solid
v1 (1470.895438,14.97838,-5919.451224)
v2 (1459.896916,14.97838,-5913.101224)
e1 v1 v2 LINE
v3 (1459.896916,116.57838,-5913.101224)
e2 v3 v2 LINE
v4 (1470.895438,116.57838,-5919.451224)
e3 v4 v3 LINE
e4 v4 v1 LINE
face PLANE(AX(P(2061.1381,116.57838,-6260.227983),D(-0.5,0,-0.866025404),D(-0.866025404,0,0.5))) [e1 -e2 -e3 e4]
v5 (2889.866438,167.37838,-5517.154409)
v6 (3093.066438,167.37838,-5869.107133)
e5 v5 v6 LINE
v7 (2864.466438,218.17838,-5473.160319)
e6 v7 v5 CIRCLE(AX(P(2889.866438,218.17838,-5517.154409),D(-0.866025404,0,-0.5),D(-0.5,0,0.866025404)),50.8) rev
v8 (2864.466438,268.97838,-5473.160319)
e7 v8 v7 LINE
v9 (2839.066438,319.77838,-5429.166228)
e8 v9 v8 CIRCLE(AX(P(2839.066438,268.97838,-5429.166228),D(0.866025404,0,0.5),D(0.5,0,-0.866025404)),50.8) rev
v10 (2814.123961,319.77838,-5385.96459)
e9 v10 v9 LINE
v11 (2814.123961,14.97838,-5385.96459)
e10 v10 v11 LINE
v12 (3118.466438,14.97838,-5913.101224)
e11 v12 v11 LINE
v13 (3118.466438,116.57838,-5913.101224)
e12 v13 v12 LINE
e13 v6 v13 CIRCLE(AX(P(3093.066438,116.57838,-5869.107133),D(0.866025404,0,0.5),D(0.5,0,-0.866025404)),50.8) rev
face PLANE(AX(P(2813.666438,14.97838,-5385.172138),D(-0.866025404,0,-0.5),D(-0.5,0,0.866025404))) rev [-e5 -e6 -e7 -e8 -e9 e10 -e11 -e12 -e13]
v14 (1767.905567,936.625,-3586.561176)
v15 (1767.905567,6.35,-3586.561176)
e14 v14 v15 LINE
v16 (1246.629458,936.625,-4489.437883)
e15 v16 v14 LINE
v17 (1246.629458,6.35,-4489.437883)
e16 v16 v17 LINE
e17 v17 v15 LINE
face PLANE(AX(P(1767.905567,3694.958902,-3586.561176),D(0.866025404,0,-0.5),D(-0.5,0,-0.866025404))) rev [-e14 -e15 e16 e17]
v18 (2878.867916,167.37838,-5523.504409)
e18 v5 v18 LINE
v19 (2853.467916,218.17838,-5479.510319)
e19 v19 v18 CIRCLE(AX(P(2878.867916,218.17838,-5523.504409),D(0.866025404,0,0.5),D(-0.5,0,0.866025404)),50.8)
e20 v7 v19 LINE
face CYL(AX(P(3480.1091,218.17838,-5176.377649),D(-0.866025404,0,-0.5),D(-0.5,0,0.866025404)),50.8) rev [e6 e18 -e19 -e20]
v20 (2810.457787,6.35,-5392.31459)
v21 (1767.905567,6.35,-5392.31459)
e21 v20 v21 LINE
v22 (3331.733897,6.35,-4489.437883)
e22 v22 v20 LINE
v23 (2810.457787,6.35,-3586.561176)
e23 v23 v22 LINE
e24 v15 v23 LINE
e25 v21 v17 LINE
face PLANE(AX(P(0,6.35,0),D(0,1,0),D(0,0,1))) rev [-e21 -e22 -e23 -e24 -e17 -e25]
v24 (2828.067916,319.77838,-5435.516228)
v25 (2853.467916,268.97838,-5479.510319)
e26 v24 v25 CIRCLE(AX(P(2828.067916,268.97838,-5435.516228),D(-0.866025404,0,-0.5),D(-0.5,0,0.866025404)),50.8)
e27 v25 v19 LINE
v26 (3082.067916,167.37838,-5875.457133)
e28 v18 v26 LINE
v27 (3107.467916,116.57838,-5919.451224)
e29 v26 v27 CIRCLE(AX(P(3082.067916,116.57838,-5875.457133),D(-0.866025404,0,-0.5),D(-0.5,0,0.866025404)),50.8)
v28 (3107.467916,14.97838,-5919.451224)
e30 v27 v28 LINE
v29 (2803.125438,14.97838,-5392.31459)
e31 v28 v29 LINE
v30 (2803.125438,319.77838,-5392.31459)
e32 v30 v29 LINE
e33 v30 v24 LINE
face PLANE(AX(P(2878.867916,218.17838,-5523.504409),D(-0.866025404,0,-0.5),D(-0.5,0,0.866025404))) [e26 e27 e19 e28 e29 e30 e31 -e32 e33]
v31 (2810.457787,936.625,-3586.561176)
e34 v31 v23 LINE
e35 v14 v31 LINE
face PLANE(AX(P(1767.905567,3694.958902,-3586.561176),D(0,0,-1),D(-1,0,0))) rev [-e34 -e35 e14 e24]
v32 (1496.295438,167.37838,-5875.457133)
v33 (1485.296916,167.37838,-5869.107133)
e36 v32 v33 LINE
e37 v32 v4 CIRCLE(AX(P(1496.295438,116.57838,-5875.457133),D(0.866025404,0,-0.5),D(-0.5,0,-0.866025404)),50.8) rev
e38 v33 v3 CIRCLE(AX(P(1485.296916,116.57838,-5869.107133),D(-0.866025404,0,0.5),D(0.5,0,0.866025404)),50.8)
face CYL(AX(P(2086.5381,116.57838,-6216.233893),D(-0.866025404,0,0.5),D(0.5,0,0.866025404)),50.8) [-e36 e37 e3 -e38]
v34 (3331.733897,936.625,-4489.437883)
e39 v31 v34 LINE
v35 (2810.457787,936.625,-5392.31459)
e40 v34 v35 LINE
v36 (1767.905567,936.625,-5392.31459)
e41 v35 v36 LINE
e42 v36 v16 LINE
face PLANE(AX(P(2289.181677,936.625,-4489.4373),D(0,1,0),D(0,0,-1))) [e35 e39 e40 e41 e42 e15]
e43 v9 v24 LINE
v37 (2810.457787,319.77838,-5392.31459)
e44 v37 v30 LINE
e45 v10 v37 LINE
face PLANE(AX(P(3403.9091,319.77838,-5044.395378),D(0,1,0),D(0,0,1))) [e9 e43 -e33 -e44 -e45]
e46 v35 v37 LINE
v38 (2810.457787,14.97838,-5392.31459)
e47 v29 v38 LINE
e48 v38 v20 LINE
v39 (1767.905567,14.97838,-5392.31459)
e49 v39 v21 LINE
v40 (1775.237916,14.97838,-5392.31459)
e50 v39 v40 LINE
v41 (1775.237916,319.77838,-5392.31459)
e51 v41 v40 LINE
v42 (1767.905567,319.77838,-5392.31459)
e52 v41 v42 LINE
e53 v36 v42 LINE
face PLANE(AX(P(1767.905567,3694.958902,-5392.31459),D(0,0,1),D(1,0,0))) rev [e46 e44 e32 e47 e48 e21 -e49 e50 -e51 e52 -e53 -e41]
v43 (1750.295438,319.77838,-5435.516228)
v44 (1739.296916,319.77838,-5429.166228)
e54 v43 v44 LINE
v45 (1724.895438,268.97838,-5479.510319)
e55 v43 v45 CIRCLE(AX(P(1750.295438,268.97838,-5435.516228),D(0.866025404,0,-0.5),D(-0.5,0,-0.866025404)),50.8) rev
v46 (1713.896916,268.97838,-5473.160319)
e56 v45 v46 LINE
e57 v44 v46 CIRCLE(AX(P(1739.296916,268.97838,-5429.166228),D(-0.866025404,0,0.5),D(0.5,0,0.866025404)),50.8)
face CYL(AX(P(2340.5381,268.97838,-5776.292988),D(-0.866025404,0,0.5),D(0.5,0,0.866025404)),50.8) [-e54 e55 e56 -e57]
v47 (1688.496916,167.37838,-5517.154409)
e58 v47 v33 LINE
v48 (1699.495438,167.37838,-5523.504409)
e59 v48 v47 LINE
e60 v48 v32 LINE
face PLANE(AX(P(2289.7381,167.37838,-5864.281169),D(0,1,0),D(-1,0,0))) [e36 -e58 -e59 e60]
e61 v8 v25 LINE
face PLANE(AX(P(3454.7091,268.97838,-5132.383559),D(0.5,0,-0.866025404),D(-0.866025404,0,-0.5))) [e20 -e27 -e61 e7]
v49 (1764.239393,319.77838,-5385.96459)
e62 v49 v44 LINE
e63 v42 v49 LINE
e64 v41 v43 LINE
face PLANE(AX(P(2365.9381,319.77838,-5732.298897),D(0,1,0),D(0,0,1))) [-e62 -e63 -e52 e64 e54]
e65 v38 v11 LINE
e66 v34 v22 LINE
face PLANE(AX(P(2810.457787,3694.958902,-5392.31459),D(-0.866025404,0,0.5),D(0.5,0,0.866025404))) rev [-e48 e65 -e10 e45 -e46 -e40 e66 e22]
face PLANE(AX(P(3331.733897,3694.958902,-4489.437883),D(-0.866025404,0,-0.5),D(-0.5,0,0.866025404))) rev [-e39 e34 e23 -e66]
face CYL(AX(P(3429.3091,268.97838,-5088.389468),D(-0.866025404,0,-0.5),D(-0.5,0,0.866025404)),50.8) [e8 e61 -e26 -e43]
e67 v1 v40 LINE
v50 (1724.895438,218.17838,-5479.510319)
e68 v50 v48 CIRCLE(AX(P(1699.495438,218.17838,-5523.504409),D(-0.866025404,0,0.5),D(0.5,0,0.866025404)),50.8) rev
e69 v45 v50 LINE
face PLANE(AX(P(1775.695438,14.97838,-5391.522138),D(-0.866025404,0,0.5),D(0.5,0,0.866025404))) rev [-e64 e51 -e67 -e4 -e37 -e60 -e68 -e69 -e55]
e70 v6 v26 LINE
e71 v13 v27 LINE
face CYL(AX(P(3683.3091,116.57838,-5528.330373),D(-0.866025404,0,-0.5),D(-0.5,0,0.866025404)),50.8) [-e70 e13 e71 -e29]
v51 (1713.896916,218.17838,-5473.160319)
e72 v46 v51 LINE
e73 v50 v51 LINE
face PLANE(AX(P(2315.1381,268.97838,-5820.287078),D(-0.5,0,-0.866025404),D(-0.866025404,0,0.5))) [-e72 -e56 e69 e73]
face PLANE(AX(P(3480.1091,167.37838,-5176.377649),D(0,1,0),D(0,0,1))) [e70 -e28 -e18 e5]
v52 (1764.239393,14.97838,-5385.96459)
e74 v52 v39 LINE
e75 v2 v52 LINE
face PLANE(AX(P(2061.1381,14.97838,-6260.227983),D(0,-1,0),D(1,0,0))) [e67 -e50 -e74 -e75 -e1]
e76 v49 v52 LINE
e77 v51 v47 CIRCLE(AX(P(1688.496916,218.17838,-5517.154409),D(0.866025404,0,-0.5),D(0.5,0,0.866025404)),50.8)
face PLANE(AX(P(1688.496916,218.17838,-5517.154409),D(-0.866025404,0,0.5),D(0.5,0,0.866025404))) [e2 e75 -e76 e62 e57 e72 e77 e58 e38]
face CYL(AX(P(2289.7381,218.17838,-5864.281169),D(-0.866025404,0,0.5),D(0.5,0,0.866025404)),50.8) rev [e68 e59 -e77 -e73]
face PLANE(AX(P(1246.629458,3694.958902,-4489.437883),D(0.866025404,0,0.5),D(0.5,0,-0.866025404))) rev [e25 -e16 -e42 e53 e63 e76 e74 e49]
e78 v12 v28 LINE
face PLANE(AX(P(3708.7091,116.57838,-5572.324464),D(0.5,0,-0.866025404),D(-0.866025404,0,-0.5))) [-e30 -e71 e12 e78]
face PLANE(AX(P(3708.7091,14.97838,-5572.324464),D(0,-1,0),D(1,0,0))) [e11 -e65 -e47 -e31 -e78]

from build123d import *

# Parameters (mm, degrees)
BOSS_EXTRUDE1_DEPTH = 930.275
BOSS_EXTRUDE2_DEPTH = 12.7
BOSS_EXTRUDE3_DEPTH = 12.7


with BuildPart() as part:
    # Sketch1 → Boss-Extrude1 (new body)
    with BuildSketch(Plane(origin=(0, 6.35, 0), x_dir=(1, 0, 0), z_dir=(0, 1, 0))):
        Polygon((1767.90556734, 3586.561176343), (2810.457786806, 3586.561176343), (3331.733896538, 4489.437883172), (2810.457786805, 5392.314590001), (1767.90556734, 5392.314590001), (1246.629457607, 4489.437883172), align=None)
    extrude(amount=BOSS_EXTRUDE1_DEPTH)

    # Sketch2 → Boss-Extrude2 (add)
    with BuildSketch(Plane(origin=(-232.596631279, 0, -134.289727682), x_dir=(-0.500000000000017, 0, 0.8660254037844288), z_dir=(-0.8660254037844288, 0, -0.500000000000017))):
        with BuildLine():
            Line((-6222.929094075, 167.37838), (-6629.329094075, 167.37838))
            ThreePointArc((-6629.329094075, 167.37838), (-6665.250118559, 152.499404484), (-6680.129094075, 116.57838))
            Line((-6680.129094075, 116.57838), (-6680.129094075, 14.97838))
            Line((-6680.129094075, 14.97838), (-6070.529094075, 14.97838))
            Line((-6070.529094075, 14.97838), (-6070.529094075, 319.77838))
            Line((-6070.529094075, 319.77838), (-6121.329094075, 319.77838))
            ThreePointArc((-6121.329094075, 319.77838), (-6157.250118559, 304.899404484), (-6172.129094075, 268.97838))
            Line((-6172.129094075, 268.97838), (-6172.129094075, 218.17838))
            ThreePointArc((-6172.129094075, 218.17838), (-6187.008069591, 182.257355516), (-6222.929094075, 167.37838))
        make_face()
    extrude(amount=-BOSS_EXTRUDE2_DEPTH)

    # Sketch3 → Boss-Extrude3 (add)
    with BuildSketch(Plane(origin=(3655.37062426, 0, -2110.429213904), x_dir=(0.500000000000017, 0, 0.8660254037844288), z_dir=(-0.8660254037844288, 0, 0.500000000000017))):
        with BuildLine():
            Line((-3933.747417002, 167.37838), (-4340.147417002, 167.37838))
            ThreePointArc((-4340.147417002, 167.37838), (-4376.068441487, 152.499404484), (-4390.947417002, 116.57838))
            Line((-4390.947417002, 116.57838), (-4390.947417002, 14.97838))
            Line((-4390.947417002, 14.97838), (-3781.347417002, 14.97838))
            Line((-3781.347417002, 14.97838), (-3781.347417002, 319.77838))
            Line((-3781.347417002, 319.77838), (-3832.147417002, 319.77838))
            ThreePointArc((-3832.147417002, 319.77838), (-3868.068441487, 304.899404484), (-3882.947417002, 268.97838))
            Line((-3882.947417002, 268.97838), (-3882.947417002, 218.17838))
            ThreePointArc((-3882.947417002, 218.17838), (-3897.826392518, 182.257355516), (-3933.747417002, 167.37838))
        make_face()
    extrude(amount=-BOSS_EXTRUDE3_DEPTH)


solid = part.part
